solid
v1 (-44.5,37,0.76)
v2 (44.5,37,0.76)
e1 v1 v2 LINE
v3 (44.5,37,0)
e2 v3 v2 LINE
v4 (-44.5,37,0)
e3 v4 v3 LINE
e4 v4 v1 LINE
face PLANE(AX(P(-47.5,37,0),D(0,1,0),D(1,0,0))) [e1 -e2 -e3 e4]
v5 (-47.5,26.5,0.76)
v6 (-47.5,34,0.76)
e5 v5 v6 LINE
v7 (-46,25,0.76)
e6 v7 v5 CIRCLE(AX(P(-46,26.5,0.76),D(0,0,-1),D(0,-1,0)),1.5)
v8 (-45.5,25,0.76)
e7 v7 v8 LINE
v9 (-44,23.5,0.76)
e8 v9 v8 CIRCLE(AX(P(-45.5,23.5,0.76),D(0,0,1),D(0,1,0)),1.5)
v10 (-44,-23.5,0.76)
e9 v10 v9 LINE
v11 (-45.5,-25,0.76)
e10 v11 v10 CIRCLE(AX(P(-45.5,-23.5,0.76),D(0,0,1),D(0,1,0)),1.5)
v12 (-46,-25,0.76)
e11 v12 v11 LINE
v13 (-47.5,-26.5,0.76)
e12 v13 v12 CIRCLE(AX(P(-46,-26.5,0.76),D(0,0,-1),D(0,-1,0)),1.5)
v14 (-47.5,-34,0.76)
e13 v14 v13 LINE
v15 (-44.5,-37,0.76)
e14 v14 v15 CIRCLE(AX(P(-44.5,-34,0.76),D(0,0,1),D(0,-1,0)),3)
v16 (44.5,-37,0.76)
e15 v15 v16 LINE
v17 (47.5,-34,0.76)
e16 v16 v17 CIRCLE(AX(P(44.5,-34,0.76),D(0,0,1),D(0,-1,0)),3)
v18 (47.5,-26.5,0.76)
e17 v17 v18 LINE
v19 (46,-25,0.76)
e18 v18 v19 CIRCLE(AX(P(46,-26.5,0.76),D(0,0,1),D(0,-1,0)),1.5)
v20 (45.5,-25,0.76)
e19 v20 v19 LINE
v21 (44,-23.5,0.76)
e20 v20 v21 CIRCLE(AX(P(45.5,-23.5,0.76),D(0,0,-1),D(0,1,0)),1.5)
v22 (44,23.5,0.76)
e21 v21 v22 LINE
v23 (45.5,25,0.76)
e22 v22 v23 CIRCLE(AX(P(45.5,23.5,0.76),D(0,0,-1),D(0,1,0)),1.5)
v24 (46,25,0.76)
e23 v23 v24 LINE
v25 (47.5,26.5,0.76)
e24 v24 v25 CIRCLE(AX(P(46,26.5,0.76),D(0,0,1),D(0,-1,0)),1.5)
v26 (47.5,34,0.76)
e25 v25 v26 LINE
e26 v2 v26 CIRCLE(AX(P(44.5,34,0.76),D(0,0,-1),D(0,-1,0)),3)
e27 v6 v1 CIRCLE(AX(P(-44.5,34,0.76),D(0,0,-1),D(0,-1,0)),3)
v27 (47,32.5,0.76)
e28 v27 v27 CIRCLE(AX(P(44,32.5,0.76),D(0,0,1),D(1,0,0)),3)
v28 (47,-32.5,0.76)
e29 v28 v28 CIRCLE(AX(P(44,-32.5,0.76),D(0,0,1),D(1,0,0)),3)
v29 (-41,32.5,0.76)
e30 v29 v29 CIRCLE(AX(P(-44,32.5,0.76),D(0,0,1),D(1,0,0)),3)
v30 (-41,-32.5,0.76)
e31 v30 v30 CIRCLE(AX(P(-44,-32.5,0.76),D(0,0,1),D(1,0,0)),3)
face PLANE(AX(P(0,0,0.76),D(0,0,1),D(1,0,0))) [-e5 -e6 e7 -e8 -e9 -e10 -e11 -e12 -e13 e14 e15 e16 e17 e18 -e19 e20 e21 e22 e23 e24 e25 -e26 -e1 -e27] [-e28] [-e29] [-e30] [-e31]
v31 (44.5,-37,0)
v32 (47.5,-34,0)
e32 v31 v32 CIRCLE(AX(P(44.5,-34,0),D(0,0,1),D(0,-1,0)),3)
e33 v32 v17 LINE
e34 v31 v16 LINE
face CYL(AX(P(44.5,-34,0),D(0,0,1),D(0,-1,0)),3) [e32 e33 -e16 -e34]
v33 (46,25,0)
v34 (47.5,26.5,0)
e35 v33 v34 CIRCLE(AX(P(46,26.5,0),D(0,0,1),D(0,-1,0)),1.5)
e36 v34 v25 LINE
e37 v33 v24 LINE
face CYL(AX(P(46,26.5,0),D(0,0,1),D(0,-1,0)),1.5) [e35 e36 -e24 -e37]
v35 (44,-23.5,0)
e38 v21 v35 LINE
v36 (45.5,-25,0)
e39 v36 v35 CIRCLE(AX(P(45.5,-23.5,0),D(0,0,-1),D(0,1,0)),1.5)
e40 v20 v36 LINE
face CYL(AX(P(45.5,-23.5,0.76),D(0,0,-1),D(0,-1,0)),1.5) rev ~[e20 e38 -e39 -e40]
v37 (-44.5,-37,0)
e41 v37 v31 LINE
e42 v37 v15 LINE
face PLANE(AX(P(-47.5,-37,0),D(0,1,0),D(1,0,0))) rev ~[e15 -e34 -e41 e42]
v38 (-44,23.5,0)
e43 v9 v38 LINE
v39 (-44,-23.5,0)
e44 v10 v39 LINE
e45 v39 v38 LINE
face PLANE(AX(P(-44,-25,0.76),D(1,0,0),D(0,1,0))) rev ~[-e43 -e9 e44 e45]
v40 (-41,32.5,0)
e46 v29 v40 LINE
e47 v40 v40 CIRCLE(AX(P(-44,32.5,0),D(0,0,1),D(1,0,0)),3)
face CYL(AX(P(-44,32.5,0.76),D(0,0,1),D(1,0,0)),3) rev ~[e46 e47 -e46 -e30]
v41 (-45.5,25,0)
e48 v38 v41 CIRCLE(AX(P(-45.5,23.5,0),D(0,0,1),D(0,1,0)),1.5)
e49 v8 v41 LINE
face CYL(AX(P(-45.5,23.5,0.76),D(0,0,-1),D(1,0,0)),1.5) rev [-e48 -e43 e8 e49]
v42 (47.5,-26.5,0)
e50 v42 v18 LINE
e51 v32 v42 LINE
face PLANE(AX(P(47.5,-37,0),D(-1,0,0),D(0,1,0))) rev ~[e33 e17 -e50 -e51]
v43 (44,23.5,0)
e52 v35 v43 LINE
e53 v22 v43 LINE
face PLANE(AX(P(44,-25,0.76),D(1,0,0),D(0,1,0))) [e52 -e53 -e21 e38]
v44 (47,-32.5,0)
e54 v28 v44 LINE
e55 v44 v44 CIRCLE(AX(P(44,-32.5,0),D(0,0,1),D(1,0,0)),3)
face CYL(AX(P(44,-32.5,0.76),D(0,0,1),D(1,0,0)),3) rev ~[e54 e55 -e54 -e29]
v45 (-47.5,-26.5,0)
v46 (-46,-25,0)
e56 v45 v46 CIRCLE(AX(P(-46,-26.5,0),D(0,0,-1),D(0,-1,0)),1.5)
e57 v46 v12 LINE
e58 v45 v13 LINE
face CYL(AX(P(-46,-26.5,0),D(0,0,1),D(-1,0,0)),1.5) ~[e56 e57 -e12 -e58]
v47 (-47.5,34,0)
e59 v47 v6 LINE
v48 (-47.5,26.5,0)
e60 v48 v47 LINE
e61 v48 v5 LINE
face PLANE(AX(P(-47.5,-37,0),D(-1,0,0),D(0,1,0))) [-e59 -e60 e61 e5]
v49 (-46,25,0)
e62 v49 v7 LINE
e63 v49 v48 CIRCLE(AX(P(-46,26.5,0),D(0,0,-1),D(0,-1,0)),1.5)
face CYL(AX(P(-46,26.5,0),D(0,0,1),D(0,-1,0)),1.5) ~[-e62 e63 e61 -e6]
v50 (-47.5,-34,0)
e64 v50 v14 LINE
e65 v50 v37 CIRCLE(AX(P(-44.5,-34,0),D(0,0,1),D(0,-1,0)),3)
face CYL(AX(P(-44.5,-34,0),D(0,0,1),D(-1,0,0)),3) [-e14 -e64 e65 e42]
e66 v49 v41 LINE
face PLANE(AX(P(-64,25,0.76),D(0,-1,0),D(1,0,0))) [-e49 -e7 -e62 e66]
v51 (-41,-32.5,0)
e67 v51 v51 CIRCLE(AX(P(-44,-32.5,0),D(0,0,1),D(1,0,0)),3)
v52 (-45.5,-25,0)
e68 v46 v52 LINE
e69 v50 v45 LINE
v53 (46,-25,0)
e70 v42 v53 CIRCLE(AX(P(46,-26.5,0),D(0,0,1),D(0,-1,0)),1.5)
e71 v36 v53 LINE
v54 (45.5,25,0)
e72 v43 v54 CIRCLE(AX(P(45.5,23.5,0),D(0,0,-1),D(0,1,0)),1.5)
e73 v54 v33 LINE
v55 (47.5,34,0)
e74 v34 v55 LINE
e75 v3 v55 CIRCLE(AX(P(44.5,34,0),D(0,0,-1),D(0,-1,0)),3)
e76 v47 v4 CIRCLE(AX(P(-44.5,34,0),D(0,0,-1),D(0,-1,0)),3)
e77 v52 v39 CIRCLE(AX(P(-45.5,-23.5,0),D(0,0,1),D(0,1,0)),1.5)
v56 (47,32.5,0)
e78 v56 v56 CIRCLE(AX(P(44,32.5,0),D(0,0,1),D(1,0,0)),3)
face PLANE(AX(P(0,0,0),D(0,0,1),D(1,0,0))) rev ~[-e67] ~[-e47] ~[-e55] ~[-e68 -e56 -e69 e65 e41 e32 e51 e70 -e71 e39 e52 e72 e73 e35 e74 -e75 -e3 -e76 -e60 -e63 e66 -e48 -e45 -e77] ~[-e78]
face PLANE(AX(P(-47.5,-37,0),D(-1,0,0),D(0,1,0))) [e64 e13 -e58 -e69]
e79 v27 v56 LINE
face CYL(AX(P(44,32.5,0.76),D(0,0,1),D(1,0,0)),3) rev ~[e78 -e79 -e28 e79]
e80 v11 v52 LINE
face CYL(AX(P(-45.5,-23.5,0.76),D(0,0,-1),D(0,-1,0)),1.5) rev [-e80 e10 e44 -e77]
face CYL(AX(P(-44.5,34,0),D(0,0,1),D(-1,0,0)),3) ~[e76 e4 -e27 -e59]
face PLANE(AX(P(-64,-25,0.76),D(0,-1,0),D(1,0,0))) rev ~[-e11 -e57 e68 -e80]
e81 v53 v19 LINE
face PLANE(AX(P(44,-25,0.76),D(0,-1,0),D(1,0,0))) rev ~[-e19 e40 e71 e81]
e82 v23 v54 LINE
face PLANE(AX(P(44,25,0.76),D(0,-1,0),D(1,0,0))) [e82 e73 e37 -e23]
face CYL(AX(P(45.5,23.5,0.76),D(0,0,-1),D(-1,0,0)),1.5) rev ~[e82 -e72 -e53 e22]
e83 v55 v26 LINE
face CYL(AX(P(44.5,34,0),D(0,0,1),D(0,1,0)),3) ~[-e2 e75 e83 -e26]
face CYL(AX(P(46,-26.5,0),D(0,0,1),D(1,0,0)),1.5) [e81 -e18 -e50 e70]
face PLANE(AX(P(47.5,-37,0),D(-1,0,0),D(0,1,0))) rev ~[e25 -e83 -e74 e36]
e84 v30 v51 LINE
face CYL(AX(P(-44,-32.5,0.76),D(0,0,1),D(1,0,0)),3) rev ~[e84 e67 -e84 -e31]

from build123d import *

# Parameters (mm, degrees)
SKETCH_W     = 95
SKETCH_H     = 74
PAD_DEPTH    = 0.76
SKETCH001_R  = 3
SKETCH001_W  = 20
SKETCH001_H  = 50
POCKET_DEPTH = 5
FILLET_R     = 3
FILLET001_R  = 1.5


with BuildPart() as part:
    # Sketch → Pad (new body)
    with BuildSketch(Plane.XY):
        Rectangle(SKETCH_W, SKETCH_H)
    extrude(amount=PAD_DEPTH)

    # Sketch001 → Pocket (cut)
    with BuildSketch(Plane.XY.offset(0.76)):
        with Locations((-44, 32.5)):
            Circle(SKETCH001_R)
        with Locations((44, 32.5)):
            Circle(SKETCH001_R)
        with Locations((44, -32.5)):
            Circle(SKETCH001_R)
        with Locations((-44, -32.5)):
            Circle(SKETCH001_R)
        with Locations((54, 0)):
            Rectangle(SKETCH001_W, SKETCH001_H)
        with Locations((-54, 0)):
            Rectangle(SKETCH001_W, SKETCH001_H)
    extrude(amount=-POCKET_DEPTH, mode=Mode.SUBTRACT)

    # Fillet
    fillet_edges = [part.edges().sort_by_distance(p)[0] for p in [
        (-47.5, 37, 0.38),
        (47.5, 37, 0.38),
        (47.5, -37, 0.38),
        (-47.5, -37, 0.38),
    ]]
    fillet(fillet_edges, radius=FILLET_R)

    # Fillet001
    fillet001_edges = [part.edges().sort_by_distance(p)[0] for p in [
        (47.5, -25, 0.38),
        (44, -25, 0.38),
        (44, 25, 0.38),
        (47.5, 25, 0.38),
        (-44, 25, 0.38),
        (-47.5, 25, 0.38),
        (-44, -25, 0.38),
        (-47.5, -25, 0.38),
    ]]
    fillet(fillet001_edges, radius=FILLET001_R)


solid = part.part
